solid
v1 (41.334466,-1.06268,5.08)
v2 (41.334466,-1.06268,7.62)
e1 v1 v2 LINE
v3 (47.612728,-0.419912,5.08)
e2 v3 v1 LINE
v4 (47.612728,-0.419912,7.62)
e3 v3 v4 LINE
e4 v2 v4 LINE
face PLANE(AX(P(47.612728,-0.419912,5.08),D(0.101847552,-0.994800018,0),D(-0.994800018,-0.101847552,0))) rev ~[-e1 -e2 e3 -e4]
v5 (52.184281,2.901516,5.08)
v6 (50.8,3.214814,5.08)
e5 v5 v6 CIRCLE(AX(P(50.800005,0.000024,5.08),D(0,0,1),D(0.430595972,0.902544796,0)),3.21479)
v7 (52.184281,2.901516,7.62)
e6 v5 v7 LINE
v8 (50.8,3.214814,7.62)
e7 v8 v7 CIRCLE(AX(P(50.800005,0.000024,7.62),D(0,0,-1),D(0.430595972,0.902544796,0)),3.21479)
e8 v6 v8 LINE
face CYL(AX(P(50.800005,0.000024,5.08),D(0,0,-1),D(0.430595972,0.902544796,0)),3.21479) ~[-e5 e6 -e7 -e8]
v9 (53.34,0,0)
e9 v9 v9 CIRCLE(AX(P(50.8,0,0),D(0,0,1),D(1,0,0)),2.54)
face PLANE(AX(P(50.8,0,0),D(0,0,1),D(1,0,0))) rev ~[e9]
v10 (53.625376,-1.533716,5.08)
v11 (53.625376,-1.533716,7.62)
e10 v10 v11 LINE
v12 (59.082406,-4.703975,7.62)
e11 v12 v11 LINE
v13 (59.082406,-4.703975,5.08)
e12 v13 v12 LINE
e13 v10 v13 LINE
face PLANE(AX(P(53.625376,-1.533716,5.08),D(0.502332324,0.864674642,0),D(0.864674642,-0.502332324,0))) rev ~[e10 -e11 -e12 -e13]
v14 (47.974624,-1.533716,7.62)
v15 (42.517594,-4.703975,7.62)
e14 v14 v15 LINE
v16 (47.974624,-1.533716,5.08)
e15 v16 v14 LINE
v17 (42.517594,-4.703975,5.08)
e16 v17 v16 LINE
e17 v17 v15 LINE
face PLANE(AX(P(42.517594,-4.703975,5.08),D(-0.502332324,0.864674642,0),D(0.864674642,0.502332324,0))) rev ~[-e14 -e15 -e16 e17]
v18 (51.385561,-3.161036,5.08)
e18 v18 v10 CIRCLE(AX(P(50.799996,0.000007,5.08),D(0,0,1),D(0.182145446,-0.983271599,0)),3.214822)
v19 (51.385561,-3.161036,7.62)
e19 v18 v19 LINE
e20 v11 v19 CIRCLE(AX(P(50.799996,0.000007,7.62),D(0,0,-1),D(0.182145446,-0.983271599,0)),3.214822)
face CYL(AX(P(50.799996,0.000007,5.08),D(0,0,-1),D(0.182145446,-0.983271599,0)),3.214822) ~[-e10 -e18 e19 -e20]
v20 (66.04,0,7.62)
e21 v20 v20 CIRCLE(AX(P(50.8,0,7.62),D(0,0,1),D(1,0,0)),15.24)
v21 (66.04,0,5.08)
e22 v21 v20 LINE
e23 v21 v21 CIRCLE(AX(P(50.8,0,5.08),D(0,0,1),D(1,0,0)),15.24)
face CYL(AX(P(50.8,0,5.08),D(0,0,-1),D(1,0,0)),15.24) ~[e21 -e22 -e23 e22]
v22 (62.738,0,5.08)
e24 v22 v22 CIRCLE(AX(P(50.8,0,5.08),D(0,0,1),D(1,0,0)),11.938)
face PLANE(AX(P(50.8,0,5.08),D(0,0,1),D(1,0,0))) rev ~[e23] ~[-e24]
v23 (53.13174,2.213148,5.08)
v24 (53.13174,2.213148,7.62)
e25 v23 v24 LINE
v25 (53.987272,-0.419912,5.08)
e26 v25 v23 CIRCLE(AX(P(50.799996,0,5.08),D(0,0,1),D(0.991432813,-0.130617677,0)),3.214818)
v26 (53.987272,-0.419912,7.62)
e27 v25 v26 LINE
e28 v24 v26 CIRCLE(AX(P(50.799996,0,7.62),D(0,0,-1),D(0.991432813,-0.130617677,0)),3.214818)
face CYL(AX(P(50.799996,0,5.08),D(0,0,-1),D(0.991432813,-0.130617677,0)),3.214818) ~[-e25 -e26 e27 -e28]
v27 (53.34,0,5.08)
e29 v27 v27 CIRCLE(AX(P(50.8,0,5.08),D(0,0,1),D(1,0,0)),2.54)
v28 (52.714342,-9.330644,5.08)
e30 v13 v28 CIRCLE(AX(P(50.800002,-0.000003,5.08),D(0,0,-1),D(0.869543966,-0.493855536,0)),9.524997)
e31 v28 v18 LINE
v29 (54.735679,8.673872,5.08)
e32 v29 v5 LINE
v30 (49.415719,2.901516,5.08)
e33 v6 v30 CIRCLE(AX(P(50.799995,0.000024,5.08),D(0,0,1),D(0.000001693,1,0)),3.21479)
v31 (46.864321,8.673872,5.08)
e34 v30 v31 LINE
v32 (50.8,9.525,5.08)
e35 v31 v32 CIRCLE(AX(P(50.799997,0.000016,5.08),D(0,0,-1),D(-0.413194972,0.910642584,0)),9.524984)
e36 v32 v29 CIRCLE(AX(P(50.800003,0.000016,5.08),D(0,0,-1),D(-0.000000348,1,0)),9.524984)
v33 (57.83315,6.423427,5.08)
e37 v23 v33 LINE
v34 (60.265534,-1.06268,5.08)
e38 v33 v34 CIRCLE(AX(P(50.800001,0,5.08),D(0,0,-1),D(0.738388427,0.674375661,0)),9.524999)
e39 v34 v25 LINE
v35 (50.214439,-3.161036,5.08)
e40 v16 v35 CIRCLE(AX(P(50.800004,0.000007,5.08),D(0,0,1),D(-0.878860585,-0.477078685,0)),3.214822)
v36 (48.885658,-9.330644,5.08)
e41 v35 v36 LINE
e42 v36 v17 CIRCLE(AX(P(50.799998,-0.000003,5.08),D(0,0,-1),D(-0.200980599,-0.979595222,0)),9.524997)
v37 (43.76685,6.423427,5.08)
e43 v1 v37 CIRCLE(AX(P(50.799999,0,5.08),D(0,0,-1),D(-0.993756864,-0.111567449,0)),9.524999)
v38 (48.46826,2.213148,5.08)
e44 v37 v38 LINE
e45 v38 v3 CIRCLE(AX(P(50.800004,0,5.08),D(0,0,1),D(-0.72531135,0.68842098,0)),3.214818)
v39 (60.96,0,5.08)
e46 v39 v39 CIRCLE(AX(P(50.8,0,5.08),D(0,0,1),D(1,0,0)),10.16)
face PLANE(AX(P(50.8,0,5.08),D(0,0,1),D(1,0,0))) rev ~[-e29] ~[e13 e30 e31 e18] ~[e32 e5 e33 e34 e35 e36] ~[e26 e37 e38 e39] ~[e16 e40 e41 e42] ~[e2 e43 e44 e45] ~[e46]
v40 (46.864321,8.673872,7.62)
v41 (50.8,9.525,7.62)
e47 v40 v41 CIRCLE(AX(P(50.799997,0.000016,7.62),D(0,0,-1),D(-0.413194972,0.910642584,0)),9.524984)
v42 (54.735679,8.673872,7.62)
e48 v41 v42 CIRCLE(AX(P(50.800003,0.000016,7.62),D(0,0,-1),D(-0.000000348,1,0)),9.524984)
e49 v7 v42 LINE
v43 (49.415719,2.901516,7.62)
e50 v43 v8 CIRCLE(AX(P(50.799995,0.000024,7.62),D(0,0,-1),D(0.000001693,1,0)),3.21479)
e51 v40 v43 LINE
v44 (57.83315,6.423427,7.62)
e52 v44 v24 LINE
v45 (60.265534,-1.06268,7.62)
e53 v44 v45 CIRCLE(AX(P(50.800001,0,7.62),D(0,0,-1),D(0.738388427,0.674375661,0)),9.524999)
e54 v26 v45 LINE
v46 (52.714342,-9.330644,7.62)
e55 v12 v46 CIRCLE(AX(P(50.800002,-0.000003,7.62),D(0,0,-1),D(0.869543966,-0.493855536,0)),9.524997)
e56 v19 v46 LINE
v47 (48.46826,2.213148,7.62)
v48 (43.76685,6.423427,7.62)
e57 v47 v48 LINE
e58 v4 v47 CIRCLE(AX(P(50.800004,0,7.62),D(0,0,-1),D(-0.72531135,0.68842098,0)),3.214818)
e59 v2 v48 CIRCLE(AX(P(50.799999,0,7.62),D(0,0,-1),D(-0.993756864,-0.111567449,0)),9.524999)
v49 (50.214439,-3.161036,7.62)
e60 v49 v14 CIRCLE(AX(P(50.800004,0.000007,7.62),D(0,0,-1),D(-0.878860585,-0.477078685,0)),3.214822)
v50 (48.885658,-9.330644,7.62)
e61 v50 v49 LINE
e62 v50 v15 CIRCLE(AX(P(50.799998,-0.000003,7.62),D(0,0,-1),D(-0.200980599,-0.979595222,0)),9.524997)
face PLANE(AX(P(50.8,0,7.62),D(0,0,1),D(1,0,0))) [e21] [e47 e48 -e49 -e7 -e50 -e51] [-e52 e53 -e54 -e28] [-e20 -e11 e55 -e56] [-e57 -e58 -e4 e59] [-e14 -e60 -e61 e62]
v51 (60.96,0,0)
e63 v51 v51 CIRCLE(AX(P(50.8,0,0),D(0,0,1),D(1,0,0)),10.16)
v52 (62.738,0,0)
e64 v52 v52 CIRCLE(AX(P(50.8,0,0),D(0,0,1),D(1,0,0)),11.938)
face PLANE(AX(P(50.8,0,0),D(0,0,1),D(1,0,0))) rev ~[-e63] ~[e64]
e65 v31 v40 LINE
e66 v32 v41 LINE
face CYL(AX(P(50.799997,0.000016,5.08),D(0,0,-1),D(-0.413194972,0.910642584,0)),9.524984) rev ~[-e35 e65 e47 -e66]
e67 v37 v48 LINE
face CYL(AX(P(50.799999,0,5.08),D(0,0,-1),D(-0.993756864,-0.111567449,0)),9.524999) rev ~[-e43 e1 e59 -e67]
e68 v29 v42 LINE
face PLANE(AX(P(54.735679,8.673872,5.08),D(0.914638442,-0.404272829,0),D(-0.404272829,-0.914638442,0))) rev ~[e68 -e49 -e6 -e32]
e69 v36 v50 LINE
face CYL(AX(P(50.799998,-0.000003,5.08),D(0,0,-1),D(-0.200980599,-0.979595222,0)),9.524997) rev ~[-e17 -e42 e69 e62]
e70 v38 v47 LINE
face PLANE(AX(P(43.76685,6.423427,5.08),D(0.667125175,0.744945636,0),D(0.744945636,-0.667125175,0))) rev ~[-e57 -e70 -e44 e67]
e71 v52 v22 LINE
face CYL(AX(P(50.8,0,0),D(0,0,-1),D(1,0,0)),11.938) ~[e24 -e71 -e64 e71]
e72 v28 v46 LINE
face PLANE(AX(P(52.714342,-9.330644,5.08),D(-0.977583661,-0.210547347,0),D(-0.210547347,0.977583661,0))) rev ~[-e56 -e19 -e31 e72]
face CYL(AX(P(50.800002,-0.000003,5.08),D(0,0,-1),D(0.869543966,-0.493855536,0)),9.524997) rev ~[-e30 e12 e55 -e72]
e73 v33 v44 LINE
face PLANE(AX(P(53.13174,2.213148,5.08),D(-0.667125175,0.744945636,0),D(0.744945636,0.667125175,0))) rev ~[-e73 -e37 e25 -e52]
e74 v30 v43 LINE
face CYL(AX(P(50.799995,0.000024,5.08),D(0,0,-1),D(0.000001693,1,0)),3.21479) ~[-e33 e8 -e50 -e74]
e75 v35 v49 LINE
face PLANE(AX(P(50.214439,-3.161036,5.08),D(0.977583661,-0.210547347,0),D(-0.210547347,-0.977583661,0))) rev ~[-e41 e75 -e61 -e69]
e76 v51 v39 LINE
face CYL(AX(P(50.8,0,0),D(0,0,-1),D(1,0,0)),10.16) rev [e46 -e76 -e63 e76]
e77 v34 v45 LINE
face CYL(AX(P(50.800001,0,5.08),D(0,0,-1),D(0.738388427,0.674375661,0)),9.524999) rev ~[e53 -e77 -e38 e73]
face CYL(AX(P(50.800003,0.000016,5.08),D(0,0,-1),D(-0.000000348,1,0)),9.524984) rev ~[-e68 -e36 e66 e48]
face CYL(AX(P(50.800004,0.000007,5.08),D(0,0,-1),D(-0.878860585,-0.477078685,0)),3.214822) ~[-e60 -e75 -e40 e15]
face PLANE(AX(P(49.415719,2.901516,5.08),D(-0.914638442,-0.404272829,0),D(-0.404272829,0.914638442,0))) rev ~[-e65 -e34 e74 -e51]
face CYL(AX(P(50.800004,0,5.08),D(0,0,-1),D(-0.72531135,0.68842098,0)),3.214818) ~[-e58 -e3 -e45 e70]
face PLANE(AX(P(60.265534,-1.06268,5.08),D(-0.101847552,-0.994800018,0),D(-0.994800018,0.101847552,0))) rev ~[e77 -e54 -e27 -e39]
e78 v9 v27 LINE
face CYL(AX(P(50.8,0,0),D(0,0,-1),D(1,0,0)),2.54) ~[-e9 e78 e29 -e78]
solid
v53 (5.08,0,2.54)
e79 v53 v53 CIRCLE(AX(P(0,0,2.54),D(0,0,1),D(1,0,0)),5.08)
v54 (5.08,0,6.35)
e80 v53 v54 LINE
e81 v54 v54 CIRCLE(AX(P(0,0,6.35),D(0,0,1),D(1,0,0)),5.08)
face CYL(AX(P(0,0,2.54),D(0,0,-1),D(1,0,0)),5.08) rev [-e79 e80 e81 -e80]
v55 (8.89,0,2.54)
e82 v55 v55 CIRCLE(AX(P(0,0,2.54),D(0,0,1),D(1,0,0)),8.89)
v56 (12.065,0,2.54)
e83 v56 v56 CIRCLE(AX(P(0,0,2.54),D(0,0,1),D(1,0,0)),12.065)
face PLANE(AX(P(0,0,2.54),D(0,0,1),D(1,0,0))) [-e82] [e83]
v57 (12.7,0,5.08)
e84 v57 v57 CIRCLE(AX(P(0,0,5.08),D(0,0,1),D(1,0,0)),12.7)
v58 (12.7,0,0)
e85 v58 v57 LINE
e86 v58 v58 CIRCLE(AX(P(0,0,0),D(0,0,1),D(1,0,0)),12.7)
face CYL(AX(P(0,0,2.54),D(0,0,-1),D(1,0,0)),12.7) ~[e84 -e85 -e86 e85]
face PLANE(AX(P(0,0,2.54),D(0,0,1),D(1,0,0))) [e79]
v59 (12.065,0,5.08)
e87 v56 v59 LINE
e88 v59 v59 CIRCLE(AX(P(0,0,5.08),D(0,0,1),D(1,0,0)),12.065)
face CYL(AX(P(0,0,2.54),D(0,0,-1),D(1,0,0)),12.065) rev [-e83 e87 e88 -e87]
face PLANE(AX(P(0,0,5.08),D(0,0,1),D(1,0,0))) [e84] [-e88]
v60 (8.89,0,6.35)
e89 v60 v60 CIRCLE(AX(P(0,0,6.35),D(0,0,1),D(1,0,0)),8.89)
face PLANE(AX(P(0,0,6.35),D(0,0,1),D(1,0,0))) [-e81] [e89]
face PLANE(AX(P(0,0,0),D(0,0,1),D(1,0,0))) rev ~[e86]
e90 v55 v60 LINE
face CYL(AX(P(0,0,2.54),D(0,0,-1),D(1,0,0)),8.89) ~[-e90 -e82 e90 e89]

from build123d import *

# Parameters (mm, degrees)
F0_R      = 12.7
F0_R_2    = 5.715
F1_DEPTH  = 2.54
F2_R      = 8.89
F2_R_2    = 5.08
F3_DEPTH  = 3.81
F4_R      = 12.7
F4_R_2    = 12.065
F5_DEPTH  = 2.54
F6_R      = 11.938
F6_R_2    = 10.16
F6_R_3    = 2.54
F7_DEPTH  = 5.08
F8_R      = 15.24
F9_DEPTH  = 2.54
F12_DEPTH = 25.4


with BuildPart() as f1:
    # F0 (on Top) → F1 (new body)
    with BuildSketch(Plane.XY):
        Circle(F0_R)
        Circle(F0_R_2, mode=Mode.SUBTRACT)
        Circle(F0_R_2)
    extrude(amount=F1_DEPTH)

    # F2 (on face) → F3 (join)
    with BuildSketch(Plane.XY.offset(2.54)):
        Circle(F2_R)
        Circle(F2_R_2, mode=Mode.SUBTRACT)
    extrude(amount=F3_DEPTH)

    # F4 (on face) → F5 (join)
    with BuildSketch(Plane.XY.offset(2.54)):
        Circle(F4_R)
        Circle(F4_R_2, mode=Mode.SUBTRACT)
    extrude(amount=F5_DEPTH)


with BuildPart() as f7:
    # F6 (on Top) → F7 (new body)
    with BuildSketch(Plane.XY):
        with Locations((50.8, 0)):
            Circle(F6_R)
        with Locations((50.8, 0)):
            Circle(F6_R_2, mode=Mode.SUBTRACT)
        with Locations((50.8, 0)):
            Circle(F6_R_3)
    extrude(amount=F7_DEPTH)


with BuildPart() as f9:
    # F8 (on face) → F9 (new body)
    with BuildSketch(Plane.XY.offset(5.08)):
        with Locations((50.8, 0)):
            Circle(F8_R)
    extrude(amount=F9_DEPTH)

    # F10: union F7
    add(f7.part)

    # F11 (on face) → F12 (cut)
    with BuildSketch(Plane(origin=(0, 0, 5.08), x_dir=(1, 0, 0), z_dir=(0, 0, -1))):
        with BuildLine():
            ThreePointArc((50.8, -3.214814), (50.090354, -3.135512), (49.415719, -2.901516))
            Line((49.415719, -2.901516), (46.864321, -8.673872))
            ThreePointArc((46.864321, -8.673872), (48.78667, -9.309787), (50.8, -9.525))
            Line((50.8, -9.525), (50.8, -3.214814))
        make_face()
        with BuildLine():
            ThreePointArc((52.184281, -2.901516), (51.509646, -3.135512), (50.8, -3.214814))
            Line((50.8, -3.214814), (50.8, -9.525))
            ThreePointArc((50.8, -9.525), (52.81333, -9.309787), (54.735679, -8.673872))
            Line((54.735679, -8.673872), (52.184281, -2.901516))
        make_face()
        with BuildLine():
            Line((60.265534, 1.06268), (53.987272, 0.419912))
            ThreePointArc((53.987272, 0.419912), (53.85747, -0.993432), (53.13174, -2.213148))
            Line((53.13174, -2.213148), (57.83315, -6.423427))
            ThreePointArc((57.83315, -6.423427), (59.858813, -2.943387), (60.265534, 1.06268))
        make_face()
        with BuildLine():
            Line((52.714342, 9.330644), (51.385561, 3.161036))
            ThreePointArc((51.385561, 3.161036), (52.68962, 2.600839), (53.625376, 1.533716))
            Line((53.625376, 1.533716), (59.082406, 4.703975))
            ThreePointArc((59.082406, 4.703975), (56.398655, 7.705887), (52.714342, 9.330644))
        make_face()
        with BuildLine():
            Line((42.517594, 4.703975), (47.974624, 1.533716))
            ThreePointArc((47.974624, 1.533716), (48.91038, 2.600839), (50.214439, 3.161036))
            Line((50.214439, 3.161036), (48.885658, 9.330644))
            ThreePointArc((48.885658, 9.330644), (45.201345, 7.705887), (42.517594, 4.703975))
        make_face()
        with BuildLine():
            Line((43.76685, -6.423427), (48.46826, -2.213148))
            ThreePointArc((48.46826, -2.213148), (47.74253, -0.993432), (47.612728, 0.419912))
            Line((47.612728, 0.419912), (41.334466, 1.06268))
            ThreePointArc((41.334466, 1.06268), (41.741187, -2.943387), (43.76685, -6.423427))
        make_face()
    extrude(amount=-F12_DEPTH, mode=Mode.SUBTRACT)


solid = Compound([f1.part, f9.part])
